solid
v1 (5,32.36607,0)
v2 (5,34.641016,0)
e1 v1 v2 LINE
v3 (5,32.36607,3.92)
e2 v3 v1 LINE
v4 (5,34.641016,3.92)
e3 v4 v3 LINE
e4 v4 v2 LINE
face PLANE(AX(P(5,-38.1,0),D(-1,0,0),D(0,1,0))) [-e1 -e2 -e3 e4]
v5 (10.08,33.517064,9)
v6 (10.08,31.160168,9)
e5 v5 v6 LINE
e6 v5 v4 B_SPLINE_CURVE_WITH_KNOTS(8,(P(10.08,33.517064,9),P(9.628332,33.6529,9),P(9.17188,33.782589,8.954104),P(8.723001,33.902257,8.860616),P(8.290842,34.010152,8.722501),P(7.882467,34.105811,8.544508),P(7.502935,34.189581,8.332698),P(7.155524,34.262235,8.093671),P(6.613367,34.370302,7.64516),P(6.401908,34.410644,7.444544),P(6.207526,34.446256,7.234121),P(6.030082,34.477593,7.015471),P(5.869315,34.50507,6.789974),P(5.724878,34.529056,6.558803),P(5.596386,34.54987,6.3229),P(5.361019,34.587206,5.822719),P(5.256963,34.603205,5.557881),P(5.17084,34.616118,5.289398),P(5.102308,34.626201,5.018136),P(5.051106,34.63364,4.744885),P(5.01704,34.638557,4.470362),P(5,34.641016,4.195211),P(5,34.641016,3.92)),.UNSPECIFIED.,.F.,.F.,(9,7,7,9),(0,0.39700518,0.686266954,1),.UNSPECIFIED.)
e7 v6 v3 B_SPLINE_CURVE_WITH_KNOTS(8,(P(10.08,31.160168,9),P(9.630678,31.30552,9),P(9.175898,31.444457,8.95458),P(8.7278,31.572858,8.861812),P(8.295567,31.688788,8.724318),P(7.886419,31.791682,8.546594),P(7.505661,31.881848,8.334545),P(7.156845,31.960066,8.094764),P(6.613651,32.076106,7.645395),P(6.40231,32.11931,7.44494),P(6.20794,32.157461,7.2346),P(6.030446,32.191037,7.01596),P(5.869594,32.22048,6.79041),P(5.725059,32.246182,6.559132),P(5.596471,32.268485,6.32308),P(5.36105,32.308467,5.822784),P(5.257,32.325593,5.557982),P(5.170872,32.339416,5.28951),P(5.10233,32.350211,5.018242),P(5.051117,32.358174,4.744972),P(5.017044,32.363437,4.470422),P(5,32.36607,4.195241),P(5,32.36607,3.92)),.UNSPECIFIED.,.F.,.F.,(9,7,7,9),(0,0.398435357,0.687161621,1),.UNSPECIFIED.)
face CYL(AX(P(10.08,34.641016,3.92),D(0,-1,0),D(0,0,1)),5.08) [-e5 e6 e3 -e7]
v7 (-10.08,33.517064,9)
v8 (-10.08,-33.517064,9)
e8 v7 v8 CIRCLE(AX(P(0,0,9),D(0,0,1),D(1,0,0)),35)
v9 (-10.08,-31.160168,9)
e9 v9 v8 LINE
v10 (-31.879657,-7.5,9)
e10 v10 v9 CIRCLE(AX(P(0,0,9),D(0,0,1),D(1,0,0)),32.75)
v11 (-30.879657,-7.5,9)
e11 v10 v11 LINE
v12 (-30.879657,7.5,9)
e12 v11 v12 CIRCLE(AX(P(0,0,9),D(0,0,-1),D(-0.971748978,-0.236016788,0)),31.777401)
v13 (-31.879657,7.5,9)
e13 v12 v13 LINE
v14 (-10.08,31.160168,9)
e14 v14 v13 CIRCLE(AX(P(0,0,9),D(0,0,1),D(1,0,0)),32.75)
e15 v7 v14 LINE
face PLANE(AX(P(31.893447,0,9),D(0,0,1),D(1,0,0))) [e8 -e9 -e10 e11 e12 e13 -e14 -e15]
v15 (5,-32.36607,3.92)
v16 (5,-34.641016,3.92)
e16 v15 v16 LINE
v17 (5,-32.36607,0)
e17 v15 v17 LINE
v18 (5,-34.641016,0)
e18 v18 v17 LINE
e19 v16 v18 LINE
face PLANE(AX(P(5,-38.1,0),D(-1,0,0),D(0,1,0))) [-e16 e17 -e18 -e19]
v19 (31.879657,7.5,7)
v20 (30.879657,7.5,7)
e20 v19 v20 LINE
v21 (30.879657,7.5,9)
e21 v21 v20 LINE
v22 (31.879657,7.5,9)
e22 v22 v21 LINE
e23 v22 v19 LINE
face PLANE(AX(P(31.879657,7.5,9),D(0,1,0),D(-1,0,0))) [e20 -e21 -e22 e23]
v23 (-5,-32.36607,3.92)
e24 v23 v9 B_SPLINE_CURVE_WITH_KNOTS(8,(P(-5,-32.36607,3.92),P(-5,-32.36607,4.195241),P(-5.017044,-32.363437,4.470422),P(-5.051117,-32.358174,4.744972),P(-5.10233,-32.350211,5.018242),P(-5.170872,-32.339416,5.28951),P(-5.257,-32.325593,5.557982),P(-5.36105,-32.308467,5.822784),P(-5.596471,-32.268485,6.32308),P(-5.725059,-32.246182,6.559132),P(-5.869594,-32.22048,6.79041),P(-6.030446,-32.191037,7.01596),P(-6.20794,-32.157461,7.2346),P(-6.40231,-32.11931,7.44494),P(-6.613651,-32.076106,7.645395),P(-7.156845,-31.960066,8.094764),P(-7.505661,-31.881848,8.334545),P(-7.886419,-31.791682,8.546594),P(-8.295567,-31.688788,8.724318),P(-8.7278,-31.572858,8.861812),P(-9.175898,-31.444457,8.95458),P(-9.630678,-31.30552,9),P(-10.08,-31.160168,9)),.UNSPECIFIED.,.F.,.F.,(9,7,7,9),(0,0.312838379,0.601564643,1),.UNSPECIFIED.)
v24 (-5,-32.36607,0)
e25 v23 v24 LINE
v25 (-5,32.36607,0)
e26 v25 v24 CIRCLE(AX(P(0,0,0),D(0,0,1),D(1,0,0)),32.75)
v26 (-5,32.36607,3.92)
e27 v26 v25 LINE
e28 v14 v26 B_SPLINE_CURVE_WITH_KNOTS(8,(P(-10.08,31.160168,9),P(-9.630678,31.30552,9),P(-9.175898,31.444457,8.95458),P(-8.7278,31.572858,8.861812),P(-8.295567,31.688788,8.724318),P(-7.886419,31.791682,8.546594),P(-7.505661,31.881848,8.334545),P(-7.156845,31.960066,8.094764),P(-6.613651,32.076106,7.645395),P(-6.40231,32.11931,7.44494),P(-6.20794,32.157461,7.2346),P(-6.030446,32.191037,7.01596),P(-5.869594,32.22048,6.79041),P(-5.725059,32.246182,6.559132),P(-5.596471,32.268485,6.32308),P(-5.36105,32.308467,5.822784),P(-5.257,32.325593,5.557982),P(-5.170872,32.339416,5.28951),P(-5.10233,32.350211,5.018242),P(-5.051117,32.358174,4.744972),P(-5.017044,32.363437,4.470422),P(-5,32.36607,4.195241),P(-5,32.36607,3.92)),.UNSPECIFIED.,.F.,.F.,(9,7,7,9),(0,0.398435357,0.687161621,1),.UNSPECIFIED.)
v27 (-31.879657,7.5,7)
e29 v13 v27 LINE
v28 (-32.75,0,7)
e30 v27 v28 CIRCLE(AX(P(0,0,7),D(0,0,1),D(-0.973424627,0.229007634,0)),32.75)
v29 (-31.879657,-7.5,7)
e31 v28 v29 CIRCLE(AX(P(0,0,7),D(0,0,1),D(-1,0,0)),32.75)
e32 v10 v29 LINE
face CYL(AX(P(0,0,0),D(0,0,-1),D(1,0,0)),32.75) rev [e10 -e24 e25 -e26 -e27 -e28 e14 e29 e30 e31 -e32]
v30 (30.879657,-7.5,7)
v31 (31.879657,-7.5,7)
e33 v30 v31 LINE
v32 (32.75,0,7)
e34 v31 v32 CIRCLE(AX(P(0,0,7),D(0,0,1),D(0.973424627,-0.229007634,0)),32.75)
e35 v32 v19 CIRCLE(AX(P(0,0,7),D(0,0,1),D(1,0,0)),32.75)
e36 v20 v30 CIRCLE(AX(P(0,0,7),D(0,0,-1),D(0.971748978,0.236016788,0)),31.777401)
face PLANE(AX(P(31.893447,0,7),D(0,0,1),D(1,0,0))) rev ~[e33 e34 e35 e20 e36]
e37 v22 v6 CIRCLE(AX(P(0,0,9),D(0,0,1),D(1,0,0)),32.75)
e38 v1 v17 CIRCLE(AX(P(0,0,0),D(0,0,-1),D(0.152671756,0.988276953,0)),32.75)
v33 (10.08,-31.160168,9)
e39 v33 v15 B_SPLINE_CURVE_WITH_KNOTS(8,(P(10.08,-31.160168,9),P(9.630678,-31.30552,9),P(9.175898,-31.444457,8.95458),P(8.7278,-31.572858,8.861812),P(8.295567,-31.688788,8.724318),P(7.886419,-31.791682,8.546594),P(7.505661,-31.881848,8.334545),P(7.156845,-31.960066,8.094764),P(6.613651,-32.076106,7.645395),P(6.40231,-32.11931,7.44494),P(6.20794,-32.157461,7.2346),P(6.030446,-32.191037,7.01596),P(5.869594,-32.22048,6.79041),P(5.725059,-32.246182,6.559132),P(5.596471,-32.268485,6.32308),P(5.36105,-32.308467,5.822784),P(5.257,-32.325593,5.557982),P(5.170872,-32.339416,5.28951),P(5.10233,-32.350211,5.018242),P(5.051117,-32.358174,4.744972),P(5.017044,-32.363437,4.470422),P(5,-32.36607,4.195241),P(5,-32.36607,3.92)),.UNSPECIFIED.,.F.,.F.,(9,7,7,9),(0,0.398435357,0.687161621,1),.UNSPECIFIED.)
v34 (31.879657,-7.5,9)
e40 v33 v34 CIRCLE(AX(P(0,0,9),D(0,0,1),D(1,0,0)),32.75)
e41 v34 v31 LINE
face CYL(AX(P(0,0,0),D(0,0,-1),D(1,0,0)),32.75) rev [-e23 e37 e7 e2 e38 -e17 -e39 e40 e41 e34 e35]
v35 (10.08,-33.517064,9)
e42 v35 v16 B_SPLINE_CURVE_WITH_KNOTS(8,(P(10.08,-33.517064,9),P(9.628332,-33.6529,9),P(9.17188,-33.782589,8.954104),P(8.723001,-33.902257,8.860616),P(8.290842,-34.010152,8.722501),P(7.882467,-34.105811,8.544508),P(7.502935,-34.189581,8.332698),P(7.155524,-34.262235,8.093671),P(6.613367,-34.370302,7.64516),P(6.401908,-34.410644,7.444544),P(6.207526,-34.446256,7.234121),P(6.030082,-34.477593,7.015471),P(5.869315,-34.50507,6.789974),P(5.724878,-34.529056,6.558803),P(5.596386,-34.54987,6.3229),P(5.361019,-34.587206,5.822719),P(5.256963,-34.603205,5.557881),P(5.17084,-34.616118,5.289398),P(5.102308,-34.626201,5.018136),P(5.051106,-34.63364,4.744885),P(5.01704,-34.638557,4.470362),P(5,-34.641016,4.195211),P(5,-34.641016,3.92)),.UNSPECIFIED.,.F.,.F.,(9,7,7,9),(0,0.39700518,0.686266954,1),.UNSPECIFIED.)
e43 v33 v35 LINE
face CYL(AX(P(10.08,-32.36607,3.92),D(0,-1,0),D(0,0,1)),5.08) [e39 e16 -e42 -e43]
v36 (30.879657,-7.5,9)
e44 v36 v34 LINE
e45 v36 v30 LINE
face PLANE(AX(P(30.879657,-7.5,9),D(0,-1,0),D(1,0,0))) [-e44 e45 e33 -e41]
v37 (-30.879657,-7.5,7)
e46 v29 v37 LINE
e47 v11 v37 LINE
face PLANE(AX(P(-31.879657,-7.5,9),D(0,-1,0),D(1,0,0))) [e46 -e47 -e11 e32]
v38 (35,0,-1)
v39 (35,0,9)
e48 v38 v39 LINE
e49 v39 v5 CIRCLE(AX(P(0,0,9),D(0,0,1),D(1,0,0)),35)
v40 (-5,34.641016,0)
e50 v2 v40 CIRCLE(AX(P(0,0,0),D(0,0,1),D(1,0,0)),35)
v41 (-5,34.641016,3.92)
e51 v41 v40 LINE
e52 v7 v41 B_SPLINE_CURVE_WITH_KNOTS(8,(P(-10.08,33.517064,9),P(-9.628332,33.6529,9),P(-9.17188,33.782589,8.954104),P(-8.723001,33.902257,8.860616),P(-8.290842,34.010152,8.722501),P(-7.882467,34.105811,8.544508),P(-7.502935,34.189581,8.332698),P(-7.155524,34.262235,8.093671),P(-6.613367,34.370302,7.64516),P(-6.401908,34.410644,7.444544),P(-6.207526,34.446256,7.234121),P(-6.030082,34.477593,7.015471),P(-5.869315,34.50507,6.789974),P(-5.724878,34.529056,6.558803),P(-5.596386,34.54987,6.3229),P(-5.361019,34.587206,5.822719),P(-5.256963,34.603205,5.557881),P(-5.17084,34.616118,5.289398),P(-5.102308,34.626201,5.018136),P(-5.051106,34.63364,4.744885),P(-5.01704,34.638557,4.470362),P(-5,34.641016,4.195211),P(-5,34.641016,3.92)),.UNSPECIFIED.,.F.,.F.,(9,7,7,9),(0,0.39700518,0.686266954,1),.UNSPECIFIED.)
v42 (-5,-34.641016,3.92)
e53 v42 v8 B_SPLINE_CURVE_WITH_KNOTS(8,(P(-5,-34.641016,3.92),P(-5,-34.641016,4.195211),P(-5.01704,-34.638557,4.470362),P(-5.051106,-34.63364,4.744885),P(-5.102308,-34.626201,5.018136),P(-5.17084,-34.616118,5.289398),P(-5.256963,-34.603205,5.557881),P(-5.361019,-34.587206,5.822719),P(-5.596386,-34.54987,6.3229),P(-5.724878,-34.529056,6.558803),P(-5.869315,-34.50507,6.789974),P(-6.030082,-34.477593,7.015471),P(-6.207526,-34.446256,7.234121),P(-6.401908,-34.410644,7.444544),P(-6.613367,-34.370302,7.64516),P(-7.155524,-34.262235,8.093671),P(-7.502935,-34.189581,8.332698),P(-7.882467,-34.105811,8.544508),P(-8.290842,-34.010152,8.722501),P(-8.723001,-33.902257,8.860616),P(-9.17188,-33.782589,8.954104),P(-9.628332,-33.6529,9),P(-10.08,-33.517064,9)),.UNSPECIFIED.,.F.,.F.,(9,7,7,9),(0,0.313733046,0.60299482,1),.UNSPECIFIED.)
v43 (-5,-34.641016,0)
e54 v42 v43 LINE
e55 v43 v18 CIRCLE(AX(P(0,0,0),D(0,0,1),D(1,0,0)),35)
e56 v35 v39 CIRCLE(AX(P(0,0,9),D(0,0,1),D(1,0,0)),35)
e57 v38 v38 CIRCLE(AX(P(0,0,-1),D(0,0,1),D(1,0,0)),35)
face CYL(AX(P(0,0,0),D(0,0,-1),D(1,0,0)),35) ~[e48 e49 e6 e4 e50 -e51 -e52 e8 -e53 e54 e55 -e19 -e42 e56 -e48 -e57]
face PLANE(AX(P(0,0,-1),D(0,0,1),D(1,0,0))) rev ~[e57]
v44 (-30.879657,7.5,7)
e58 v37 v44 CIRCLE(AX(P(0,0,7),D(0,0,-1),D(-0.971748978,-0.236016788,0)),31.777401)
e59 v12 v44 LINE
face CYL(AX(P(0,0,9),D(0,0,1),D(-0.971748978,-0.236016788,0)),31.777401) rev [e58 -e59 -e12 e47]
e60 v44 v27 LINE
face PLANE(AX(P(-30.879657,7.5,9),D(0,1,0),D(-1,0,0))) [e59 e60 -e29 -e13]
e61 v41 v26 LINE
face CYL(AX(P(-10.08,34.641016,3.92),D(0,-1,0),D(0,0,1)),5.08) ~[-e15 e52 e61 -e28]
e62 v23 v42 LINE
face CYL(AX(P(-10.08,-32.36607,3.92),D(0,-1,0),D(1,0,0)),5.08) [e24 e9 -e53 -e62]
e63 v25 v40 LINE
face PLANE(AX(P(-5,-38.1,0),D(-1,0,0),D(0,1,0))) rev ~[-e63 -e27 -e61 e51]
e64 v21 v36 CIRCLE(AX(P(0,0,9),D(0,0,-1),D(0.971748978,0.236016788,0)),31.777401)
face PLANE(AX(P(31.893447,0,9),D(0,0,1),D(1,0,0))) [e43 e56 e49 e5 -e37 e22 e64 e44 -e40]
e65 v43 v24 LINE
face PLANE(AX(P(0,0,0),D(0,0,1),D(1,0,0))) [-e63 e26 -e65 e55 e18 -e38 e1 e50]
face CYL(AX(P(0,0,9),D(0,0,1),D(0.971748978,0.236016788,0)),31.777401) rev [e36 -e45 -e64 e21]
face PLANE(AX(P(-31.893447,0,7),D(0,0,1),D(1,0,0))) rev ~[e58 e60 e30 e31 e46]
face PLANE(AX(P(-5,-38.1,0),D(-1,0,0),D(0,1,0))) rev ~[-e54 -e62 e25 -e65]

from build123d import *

# Parameters (mm, degrees)
F0_R     = 35
F1_DEPTH = 1
F2_R     = 35
F2_R_2   = 32.75
F3_DEPTH = 9
F5_DEPTH = 2
F6_W     = 10
F6_H     = 76.2
F7_DEPTH = 25.4
F8_R     = 5.08


with BuildPart() as f1:
    # F0 (on Top) → F1 (new body)
    with BuildSketch(Plane.XY):
        Circle(F0_R)
    extrude(amount=-F1_DEPTH)

    # F2 (on Top) → F3 (join)
    with BuildSketch(Plane.XY):
        Circle(F2_R)
        Circle(F2_R_2, mode=Mode.SUBTRACT)
    extrude(amount=F3_DEPTH)

    # F4 (on face) → F5 (join)
    with BuildSketch(Plane.XY.offset(9)):
        with BuildLine():
            ThreePointArc((-31.8796565226, 7.5), (-32.531686485, 3.7751654854), (-32.75, 0))
            ThreePointArc((-32.75, 0), (-32.531686485, -3.7751654854), (-31.8796565226, -7.5))
            Line((-31.8796565226, -7.5), (-30.8796565226, -7.5))
            ThreePointArc((-30.8796565226, -7.5), (-31.7774005695, 0), (-30.8796565226, 7.5))
            Line((-30.8796565226, 7.5), (-31.8796565226, 7.5))
        make_face()
        with BuildLine():
            Line((30.8796565226, -7.5), (31.8796565226, -7.5))
            ThreePointArc((31.8796565226, -7.5), (32.531686485, -3.7751654854), (32.75, 0))
            ThreePointArc((32.75, 0), (32.531686485, 3.7751654854), (31.8796565226, 7.5))
            Line((31.8796565226, 7.5), (30.8796565226, 7.5))
            ThreePointArc((30.8796565226, 7.5), (31.7774005695, 0), (30.8796565226, -7.5))
        make_face()
    extrude(amount=-F5_DEPTH)

    # F6 (on Top) → F7 (cut)
    with BuildSketch(Plane.XY):
        Rectangle(F6_W, F6_H)
    extrude(amount=F7_DEPTH, mode=Mode.SUBTRACT)

    # F8
    f8_edges = [f1.edges().sort_by_distance(p)[0] for p in [
        (-5, 33.503543, 9),
        (-5, -33.503543, 9),
        (5, -33.503543, 9),
        (5, 33.503543, 9),
    ]]
    fillet(f8_edges, radius=F8_R)


solid = f1.part
